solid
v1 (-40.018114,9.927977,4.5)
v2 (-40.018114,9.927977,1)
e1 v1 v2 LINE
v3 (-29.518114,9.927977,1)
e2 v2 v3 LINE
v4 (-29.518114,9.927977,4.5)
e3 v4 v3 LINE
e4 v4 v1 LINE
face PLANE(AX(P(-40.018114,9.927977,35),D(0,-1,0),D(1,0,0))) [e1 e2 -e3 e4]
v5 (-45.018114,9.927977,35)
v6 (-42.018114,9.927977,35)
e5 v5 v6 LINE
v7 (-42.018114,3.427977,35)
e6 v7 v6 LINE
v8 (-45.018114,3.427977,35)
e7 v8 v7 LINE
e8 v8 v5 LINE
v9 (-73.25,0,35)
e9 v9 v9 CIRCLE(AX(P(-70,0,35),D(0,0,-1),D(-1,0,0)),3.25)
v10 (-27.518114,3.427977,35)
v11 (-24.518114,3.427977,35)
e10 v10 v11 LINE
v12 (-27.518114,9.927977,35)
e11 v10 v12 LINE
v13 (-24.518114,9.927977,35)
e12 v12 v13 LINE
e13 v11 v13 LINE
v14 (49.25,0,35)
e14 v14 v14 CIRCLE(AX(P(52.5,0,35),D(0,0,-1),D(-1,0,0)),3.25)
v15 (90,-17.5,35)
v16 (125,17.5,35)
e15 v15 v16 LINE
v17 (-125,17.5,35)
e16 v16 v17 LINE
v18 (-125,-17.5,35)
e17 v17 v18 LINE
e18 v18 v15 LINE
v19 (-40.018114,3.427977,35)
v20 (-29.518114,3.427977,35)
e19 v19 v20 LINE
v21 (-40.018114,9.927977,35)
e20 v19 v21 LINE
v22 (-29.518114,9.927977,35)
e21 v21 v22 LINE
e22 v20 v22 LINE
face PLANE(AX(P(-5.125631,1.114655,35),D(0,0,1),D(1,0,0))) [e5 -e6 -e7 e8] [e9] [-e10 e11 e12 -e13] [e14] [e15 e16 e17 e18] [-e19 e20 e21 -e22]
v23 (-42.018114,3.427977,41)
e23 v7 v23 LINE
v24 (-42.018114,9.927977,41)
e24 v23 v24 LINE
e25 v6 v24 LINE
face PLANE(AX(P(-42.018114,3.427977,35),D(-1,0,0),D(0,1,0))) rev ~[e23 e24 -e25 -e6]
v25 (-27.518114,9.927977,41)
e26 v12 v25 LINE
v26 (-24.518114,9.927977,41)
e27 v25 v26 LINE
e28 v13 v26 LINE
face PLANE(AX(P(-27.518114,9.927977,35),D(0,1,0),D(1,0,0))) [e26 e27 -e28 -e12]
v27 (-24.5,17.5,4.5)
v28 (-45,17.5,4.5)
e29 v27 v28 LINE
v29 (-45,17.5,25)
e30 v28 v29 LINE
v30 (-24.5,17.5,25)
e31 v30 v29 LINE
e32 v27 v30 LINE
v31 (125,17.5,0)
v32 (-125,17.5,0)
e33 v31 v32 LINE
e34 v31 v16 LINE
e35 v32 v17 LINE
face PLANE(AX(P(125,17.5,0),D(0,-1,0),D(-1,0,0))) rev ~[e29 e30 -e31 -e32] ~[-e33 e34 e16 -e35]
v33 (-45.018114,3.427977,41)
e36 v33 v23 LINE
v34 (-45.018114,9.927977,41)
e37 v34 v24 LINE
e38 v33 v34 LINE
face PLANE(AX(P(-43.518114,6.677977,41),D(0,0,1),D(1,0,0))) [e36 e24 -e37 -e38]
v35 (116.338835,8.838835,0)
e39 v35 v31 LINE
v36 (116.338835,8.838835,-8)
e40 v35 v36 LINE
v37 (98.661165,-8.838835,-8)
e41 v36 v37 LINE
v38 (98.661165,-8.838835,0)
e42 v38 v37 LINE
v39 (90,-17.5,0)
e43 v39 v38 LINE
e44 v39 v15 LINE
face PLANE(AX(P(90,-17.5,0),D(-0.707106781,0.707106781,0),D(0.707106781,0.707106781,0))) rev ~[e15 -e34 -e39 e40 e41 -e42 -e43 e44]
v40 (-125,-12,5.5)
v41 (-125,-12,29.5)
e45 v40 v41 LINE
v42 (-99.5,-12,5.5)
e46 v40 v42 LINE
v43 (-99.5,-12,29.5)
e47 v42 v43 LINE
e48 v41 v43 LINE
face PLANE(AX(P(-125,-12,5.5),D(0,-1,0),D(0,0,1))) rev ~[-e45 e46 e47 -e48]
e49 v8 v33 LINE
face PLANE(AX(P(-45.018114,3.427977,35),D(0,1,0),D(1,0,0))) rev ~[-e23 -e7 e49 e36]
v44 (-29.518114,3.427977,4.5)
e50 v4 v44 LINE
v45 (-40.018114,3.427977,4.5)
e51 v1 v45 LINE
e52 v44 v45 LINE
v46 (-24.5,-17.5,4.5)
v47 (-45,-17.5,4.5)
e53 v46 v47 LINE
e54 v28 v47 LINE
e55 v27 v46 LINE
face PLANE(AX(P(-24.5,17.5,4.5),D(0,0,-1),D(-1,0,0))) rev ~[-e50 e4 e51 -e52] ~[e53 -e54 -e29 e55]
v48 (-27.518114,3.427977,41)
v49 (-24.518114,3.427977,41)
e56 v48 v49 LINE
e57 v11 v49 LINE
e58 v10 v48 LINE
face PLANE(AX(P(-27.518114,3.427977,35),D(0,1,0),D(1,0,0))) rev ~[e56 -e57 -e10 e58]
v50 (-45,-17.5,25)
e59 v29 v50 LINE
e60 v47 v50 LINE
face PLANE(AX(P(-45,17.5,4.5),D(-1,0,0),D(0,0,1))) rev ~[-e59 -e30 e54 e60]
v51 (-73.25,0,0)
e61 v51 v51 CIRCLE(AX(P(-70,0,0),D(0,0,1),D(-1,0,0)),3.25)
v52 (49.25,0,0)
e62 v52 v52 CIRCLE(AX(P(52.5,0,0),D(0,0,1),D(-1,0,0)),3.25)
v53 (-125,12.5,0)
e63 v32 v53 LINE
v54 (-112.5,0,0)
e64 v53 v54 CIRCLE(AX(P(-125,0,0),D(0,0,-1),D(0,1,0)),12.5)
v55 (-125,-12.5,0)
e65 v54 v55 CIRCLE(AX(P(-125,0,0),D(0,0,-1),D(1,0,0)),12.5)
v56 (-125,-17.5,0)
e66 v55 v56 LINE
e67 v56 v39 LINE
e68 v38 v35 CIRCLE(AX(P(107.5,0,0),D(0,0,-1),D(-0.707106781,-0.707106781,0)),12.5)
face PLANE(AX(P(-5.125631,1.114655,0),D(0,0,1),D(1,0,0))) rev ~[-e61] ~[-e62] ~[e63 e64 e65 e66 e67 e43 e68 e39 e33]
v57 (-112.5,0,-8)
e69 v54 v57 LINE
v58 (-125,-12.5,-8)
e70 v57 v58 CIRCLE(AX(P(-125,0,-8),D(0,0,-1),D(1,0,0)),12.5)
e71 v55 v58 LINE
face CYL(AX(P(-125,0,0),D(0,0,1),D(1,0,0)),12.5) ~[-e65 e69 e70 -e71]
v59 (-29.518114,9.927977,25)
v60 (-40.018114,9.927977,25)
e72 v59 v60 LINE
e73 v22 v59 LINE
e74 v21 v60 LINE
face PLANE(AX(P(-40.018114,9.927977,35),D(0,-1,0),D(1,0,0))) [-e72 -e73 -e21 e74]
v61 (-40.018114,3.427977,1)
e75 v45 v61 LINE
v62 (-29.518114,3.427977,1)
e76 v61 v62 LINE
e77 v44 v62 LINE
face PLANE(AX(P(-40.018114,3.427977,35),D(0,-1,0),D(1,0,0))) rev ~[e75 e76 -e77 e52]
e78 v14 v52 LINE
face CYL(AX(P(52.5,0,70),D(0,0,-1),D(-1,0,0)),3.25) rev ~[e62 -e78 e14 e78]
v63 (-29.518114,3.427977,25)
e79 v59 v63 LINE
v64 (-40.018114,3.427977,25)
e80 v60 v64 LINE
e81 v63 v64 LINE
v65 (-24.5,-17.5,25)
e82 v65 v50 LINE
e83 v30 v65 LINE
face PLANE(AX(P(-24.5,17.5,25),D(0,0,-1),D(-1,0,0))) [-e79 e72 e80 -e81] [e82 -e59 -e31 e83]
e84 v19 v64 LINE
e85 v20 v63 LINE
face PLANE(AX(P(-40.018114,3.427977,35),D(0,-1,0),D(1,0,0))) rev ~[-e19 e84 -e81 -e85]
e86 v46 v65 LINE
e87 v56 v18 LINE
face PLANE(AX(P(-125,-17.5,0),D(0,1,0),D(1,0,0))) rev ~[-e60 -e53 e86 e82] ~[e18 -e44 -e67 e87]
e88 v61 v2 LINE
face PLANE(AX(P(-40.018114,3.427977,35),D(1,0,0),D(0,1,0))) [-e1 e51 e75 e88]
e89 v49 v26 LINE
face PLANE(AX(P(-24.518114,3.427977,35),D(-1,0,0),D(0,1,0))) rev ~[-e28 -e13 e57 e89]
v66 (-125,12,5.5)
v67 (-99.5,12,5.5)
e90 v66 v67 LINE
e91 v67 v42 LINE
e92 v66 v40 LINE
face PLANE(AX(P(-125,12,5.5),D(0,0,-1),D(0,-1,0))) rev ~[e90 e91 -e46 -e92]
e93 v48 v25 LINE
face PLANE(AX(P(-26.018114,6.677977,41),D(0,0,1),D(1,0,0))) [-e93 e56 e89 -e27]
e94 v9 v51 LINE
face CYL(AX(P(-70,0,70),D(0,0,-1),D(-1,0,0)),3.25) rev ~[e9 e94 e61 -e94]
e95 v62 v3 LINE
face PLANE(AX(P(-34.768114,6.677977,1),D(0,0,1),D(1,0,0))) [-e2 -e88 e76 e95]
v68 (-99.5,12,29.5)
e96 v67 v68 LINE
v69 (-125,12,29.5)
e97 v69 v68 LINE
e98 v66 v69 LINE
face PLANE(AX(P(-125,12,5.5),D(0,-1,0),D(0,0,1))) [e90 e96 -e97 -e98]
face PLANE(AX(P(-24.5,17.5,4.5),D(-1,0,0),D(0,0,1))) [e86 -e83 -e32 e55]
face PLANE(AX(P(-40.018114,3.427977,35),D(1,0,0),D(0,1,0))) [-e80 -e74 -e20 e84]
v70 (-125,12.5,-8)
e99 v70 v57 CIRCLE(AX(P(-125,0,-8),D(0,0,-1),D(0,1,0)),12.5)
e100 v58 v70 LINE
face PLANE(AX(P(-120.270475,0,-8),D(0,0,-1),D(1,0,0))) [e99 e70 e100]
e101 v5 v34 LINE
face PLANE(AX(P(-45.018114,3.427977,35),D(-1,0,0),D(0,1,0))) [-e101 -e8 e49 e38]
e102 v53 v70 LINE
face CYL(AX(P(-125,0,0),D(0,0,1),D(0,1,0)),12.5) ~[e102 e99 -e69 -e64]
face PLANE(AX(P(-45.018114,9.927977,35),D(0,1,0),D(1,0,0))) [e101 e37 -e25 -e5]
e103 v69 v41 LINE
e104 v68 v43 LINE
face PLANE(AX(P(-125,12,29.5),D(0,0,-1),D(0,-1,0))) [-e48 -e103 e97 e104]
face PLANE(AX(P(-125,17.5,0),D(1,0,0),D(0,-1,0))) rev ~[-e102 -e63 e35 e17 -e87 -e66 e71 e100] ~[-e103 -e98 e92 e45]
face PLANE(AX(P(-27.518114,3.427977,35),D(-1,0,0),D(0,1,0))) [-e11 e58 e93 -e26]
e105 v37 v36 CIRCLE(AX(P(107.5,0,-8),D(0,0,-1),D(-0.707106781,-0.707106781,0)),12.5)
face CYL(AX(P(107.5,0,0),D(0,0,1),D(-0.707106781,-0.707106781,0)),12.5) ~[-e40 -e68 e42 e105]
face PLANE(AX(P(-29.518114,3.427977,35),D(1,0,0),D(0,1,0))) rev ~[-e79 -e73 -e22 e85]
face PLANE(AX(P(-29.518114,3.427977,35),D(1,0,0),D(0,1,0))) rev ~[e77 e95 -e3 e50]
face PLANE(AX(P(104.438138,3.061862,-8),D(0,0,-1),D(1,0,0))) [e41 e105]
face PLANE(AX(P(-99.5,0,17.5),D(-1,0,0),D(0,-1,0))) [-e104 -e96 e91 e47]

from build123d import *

# Parameters (mm, degrees)
F1_DEPTH  = 35
F3_D      = 6.5
F3_DEPTH  = 35
F3_TIP    = 1.9527970118
F4_D      = 6.5
F4_DEPTH  = 35
F4_TIP    = 1.9527970118
F6_W      = 24
F6_H      = 24
F7_DEPTH  = 25.5
F9_DEPTH  = 8
F11_DEPTH = 8
F12_W     = 20.5
F12_H     = 20.5
F13_DEPTH = 100
F14_W     = 10.5
F14_H     = 6.5
F16_DEPTH = 34
F15_W     = 3
F15_H     = 6.5
F17_DEPTH = 6


with BuildPart() as f1:
    # F0 (on Top) → F1 (new body)
    with BuildSketch(Plane.XY):
        Polygon((90, -17.5), (125, 17.5), (-125, 17.5), (-125, -17.5), align=None)
    extrude(amount=F1_DEPTH)

    # F3
    with Locations(Plane.XY.offset(35)):
        with Locations((-70, 0)):
            Hole(F3_D / 2, depth=F3_DEPTH)
            with Locations((0, 0, -(F3_DEPTH + F3_TIP / 2))):  # 118° drill point
                Cone(0, F3_D / 2, F3_TIP, mode=Mode.SUBTRACT)

    # F4
    with Locations(Plane.XY.offset(35)):
        with Locations((52.5, 0)):
            Hole(F4_D / 2, depth=F4_DEPTH)
            with Locations((0, 0, -(F4_DEPTH + F4_TIP / 2))):  # 118° drill point
                Cone(0, F4_D / 2, F4_TIP, mode=Mode.SUBTRACT)

    # F6 (on face) → F7 (cut)
    with BuildSketch(Plane(origin=(-125, 0, 0), x_dir=(0, -1, 0), z_dir=(-1, 0, 0))):
        with Locations((0, 17.5)):
            Rectangle(F6_W, F6_H)
    extrude(amount=-F7_DEPTH, mode=Mode.SUBTRACT)

    # F8 (on face) → F9 (join)
    with BuildSketch(Plane(origin=(0, 0, 0), x_dir=(1, 0, 0), z_dir=(0, 0, -1))):
        with BuildLine():
            Line((116.3388347648, -8.8388347648), (98.6611652352, 8.8388347648))
            ThreePointArc((98.6611652352, 8.8388347648), (98.6611652352, -8.8388347648), (116.3388347648, -8.8388347648))
        make_face()
    extrude(amount=F9_DEPTH)

    # F10 (on face) → F11 (join)
    with BuildSketch(Plane(origin=(0, 0, 0), x_dir=(1, 0, 0), z_dir=(0, 0, -1))):
        with BuildLine():
            ThreePointArc((-125, -12.5), (-116.1611652352, -8.8388347648), (-112.5, 0))
            ThreePointArc((-112.5, 0), (-116.1611652352, 8.8388347648), (-125, 12.5))
            Line((-125, 12.5), (-125, -12.5))
        make_face()
    extrude(amount=F11_DEPTH)

    # F12 (on face) → F13 (cut)
    with BuildSketch(Plane(origin=(0, 17.5, 0), x_dir=(-1, 0, 0), z_dir=(0, 1, 0))):
        with Locations((34.75, 14.75)):
            Rectangle(F12_W, F12_H)
    extrude(amount=-F13_DEPTH, mode=Mode.SUBTRACT)

    # F14 (on face) → F16 (cut)
    with BuildSketch(Plane.XY.offset(35)):
        with Locations((-34.7681139037, 6.6779768765)):
            Rectangle(F14_W, F14_H)
    extrude(amount=-F16_DEPTH, mode=Mode.SUBTRACT)

    # F15 (on face) → F17 (join)
    with BuildSketch(Plane.XY.offset(35)):
        with Locations((-43.5181139037, 6.6779768765)):
            Rectangle(F15_W, F15_H)
        with Locations((-26.0181139037, 6.6779768765)):
            Rectangle(F15_W, F15_H)
    extrude(amount=F17_DEPTH)


solid = f1.part
